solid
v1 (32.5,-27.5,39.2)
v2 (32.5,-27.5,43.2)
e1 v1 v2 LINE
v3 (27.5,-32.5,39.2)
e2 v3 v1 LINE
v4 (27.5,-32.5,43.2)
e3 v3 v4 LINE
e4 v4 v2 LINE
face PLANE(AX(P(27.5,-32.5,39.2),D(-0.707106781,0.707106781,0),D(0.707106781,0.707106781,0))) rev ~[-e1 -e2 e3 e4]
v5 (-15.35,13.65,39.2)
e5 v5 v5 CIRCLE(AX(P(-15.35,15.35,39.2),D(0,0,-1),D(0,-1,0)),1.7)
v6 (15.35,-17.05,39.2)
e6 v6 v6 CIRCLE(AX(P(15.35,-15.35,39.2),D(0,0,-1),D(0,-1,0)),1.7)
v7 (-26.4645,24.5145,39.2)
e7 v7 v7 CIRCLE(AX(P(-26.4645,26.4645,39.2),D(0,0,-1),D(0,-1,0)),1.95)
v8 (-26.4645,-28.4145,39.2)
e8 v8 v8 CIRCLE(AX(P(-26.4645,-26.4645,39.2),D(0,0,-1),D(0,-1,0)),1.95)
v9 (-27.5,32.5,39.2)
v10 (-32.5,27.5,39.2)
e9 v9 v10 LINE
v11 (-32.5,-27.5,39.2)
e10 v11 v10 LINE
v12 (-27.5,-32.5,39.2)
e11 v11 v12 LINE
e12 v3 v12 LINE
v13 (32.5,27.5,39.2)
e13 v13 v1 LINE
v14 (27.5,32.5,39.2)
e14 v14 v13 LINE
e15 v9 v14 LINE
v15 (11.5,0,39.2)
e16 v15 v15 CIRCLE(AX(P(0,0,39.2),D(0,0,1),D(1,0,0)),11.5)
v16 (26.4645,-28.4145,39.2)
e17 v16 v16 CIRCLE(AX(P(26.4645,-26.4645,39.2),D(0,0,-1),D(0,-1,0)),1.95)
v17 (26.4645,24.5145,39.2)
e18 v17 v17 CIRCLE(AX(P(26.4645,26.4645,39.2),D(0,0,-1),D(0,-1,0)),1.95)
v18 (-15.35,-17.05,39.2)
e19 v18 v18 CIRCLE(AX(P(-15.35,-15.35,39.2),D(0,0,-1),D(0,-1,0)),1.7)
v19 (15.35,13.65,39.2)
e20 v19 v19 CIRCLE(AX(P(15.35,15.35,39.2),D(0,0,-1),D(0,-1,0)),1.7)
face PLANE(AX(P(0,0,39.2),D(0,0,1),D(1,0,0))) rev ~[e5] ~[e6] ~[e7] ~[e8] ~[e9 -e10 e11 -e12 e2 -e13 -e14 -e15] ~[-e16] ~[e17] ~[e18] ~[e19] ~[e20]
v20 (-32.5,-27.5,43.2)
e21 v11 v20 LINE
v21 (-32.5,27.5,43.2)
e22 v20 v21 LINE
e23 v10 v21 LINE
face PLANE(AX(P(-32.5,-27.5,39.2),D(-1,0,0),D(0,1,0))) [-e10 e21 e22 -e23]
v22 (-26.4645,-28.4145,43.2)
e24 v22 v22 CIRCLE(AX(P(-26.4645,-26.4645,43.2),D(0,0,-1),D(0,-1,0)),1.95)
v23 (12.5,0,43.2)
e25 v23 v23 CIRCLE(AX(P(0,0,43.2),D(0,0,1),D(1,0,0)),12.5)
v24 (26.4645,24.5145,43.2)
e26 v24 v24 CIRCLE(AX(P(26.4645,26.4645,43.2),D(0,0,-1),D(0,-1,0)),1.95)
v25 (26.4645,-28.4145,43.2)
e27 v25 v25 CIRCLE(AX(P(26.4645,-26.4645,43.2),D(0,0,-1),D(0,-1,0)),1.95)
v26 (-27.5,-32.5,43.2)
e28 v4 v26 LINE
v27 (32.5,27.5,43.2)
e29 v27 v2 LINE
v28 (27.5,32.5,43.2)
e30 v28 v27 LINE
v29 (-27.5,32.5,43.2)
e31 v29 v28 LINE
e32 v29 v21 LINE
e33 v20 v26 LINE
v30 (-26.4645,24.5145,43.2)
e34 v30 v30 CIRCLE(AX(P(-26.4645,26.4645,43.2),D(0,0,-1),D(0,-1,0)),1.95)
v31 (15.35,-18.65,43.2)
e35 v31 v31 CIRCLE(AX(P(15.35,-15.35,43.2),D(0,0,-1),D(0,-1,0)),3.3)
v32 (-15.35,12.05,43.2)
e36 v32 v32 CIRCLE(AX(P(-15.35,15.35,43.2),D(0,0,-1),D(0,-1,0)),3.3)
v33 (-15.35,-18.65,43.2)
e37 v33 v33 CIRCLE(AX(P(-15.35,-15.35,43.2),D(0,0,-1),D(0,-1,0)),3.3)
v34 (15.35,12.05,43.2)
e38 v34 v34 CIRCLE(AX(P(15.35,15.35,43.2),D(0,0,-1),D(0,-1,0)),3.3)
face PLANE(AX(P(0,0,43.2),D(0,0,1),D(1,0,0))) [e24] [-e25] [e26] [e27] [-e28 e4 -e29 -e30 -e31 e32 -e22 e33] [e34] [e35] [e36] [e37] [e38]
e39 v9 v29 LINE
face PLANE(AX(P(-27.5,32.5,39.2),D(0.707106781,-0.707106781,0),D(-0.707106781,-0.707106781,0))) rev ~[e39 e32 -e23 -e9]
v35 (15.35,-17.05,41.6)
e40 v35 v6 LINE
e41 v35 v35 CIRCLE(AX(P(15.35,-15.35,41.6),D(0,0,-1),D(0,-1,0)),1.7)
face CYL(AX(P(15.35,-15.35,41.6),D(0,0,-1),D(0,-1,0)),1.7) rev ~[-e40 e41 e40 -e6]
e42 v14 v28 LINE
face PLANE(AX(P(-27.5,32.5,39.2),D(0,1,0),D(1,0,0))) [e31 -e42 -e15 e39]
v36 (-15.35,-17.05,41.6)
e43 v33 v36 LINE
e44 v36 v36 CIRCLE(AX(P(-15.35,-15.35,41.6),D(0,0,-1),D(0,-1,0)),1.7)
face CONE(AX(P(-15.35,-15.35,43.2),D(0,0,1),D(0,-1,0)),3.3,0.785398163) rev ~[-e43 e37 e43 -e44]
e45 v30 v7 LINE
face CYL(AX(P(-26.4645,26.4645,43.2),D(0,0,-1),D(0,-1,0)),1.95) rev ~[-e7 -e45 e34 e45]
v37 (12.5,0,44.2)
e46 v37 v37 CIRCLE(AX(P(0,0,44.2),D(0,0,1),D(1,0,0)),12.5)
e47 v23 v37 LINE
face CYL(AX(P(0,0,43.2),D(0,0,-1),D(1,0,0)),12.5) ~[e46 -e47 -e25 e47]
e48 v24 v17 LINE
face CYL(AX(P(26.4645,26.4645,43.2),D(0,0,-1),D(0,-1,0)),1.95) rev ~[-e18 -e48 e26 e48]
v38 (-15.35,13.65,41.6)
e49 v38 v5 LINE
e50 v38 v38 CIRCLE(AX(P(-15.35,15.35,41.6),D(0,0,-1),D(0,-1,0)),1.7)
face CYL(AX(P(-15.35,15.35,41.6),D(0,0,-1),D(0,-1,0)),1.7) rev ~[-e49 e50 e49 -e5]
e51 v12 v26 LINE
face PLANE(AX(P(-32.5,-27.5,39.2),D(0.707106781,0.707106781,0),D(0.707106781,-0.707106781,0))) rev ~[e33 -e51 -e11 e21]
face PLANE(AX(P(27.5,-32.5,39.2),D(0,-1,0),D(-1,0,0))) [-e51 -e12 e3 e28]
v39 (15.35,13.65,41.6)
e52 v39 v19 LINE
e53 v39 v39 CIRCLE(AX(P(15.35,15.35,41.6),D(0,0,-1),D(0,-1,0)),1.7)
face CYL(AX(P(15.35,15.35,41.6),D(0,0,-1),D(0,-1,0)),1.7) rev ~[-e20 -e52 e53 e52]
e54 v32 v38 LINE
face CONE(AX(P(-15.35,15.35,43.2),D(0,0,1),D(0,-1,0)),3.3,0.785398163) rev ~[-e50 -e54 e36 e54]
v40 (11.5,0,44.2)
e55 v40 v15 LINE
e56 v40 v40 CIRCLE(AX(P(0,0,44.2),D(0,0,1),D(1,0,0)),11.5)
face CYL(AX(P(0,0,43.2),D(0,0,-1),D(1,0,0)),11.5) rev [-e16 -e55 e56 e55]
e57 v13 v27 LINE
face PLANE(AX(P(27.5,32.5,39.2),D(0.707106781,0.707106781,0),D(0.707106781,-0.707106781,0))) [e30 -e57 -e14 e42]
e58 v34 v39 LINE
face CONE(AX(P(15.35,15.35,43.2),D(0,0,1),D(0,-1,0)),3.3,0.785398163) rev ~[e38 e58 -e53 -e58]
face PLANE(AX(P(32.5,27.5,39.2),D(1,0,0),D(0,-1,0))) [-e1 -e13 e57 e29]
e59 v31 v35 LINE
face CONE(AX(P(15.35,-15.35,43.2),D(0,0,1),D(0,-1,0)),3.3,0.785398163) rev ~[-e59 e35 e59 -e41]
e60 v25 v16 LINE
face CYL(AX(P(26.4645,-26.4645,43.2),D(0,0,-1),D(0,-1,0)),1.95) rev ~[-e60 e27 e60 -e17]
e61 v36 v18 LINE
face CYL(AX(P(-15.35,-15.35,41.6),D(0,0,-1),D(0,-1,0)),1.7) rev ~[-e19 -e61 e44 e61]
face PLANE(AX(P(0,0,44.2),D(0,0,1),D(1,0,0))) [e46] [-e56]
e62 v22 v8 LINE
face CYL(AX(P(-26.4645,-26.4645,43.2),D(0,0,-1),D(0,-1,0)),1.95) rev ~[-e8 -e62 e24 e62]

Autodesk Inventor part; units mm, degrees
ref_plane "YZ Plane" through (0, 0, 0) normal (1, 0, 0) x (0, 1, 0)
ref_plane "XZ Plane" through (0, 0, 0) normal (0, 1, 0) x (-1, 0, 0)
ref_plane "РабПлоскость1" through (0, 0, 39.2) normal (0, 0, 1) x (1, 0, 0)
sketch "Эскиз1" plane through (0, 0, 39.2) normal (0, 0, 1) x (1, 0, 0)
  line L0 (27.5, -32.5) -> (-27.5, -32.5)
  line L1 (-32.5, -27.5) -> (-32.5, 27.5)
  line L2 (-27.5, 32.5) -> (27.5, 32.5)
  line L3 (32.5, 27.5) -> (32.5, -27.5)
  line L4 (32.5, -32.5) -> (-32.5, 32.5) construction
  line L5 (-32.5, -32.5) -> (32.5, 32.5) construction
  circle A0 centre (-15.35, 15.35) radius 1.75 construction
  circle A1 centre (15.35, 15.35) radius 1.75 construction
  arc A2 (14.0855, -15.35) -> (14.4559, -14.4559) centre (15.35, -15.35) ccw construction
  arc A3 (-16.6145, -15.35) -> (-16.2441, -14.4559) centre (-15.35, -15.35) ccw construction
  line L6 (-27.5, 32.5) -> (-32.5, 27.5)
  line L7 (-32.5, -27.5) -> (-27.5, -32.5)
  line L8 (27.5, -32.5) -> (32.5, -27.5)
  line L9 (27.5, 32.5) -> (32.5, 27.5)
  circle A4 centre (0, 0) radius 10.7 construction
  circle A5 centre (0, 0) radius 8.46 construction
  circle A6 centre (0, 0) radius 11.5
  dimension "d0" = 65
  dimension "d1" = 5
  dimension "d2" = 5
  dimension "d3" = 5
  dimension "d4" = 5
  dimension "d5" = 5
  dimension "d6" = 5
  dimension "d7" = 5
  dimension "d8" = 5
  dimension "d9" = 23
extrude "Выдавливание1" add sketch "Эскиз1" along normal blind 4
sketch "Эскиз2" plane through (0, 0, 43.2) normal (0, 0, 1) x (1, 0, 0)
  line L0 (15.35, -15.35) -> (-15.35, -15.35) construction
  line L1 (-15.35, -15.35) -> (-15.35, 15.35) construction
  line L2 (-15.35, 15.35) -> (15.35, 15.35) construction
  line L3 (15.35, 15.35) -> (15.35, -15.35) construction
  line L4 (15.35, -15.35) -> (-15.35, 15.35) construction
  line L5 (-15.35, -15.35) -> (15.35, 15.35) construction
  point P0 (0, 0)
  dimension "d12" = 30.7
hole "Отверстие1" at (-15.35, 15.35, 43.2) at (15.35, 15.35, 43.2) at (15.35, -15.35, 43.2) at (-15.35, -15.35, 43.2) direction (0, 0, -1) diameter 3.4 end through all countersink diameter 6.6 countersink angle 90 clearance for "с потайной головкой ГОСТ 12876-67" size "M3" standard "ГОСТ"
sketch "Эскиз3" plane through (0, 0, 43.2) normal (0, 0, 1) x (1, 0, 0)
  line L0 (26.4645, -26.4645) -> (-26.4645, -26.4645) construction
  line L1 (-26.4645, -26.4645) -> (-26.4645, 26.4645) construction
  line L2 (-26.4645, 26.4645) -> (26.4645, 26.4645) construction
  line L3 (26.4645, 26.4645) -> (26.4645, -26.4645) construction
  line L4 (26.4645, -26.4645) -> (-26.4645, 26.4645) construction
  line L5 (-26.4645, -26.4645) -> (26.4645, 26.4645) construction
  line L6 (-27.5, 32.5) -> (-32.5, 27.5) construction
  point P0 (0, 0)
  point P1 (-30, 30)
  dimension "d31" = 5
hole "Отверстие2" at (-26.4645, 26.4645, 43.2) at (26.4645, 26.4645, 43.2) at (26.4645, -26.4645, 43.2) at (-26.4645, -26.4645, 43.2) direction (0, 0, -1) diameter 3.9 end through all
sketch "Эскиз4" plane through (0, 0, 43.2) normal (0, 0, 1) x (1, 0, 0)
  circle A0 centre (0, 0) radius 12.5
  circle A1 centre (0, 0) radius 11.5 projected
  dimension "d28" = 1
extrude "Выдавливание2" add sketch "Эскиз4" along normal blind 1
equation "\"d2\" = d1"
equation "\"d3\" = d1"
equation "\"d4\" = d3"
equation "\"d5\" = d1"
equation "\"d6\" = d5"
equation "\"d7\" = d1"
equation "\"d8\" = d7"
properties part number "Основание_нижнее" material "По умолчанию1"
